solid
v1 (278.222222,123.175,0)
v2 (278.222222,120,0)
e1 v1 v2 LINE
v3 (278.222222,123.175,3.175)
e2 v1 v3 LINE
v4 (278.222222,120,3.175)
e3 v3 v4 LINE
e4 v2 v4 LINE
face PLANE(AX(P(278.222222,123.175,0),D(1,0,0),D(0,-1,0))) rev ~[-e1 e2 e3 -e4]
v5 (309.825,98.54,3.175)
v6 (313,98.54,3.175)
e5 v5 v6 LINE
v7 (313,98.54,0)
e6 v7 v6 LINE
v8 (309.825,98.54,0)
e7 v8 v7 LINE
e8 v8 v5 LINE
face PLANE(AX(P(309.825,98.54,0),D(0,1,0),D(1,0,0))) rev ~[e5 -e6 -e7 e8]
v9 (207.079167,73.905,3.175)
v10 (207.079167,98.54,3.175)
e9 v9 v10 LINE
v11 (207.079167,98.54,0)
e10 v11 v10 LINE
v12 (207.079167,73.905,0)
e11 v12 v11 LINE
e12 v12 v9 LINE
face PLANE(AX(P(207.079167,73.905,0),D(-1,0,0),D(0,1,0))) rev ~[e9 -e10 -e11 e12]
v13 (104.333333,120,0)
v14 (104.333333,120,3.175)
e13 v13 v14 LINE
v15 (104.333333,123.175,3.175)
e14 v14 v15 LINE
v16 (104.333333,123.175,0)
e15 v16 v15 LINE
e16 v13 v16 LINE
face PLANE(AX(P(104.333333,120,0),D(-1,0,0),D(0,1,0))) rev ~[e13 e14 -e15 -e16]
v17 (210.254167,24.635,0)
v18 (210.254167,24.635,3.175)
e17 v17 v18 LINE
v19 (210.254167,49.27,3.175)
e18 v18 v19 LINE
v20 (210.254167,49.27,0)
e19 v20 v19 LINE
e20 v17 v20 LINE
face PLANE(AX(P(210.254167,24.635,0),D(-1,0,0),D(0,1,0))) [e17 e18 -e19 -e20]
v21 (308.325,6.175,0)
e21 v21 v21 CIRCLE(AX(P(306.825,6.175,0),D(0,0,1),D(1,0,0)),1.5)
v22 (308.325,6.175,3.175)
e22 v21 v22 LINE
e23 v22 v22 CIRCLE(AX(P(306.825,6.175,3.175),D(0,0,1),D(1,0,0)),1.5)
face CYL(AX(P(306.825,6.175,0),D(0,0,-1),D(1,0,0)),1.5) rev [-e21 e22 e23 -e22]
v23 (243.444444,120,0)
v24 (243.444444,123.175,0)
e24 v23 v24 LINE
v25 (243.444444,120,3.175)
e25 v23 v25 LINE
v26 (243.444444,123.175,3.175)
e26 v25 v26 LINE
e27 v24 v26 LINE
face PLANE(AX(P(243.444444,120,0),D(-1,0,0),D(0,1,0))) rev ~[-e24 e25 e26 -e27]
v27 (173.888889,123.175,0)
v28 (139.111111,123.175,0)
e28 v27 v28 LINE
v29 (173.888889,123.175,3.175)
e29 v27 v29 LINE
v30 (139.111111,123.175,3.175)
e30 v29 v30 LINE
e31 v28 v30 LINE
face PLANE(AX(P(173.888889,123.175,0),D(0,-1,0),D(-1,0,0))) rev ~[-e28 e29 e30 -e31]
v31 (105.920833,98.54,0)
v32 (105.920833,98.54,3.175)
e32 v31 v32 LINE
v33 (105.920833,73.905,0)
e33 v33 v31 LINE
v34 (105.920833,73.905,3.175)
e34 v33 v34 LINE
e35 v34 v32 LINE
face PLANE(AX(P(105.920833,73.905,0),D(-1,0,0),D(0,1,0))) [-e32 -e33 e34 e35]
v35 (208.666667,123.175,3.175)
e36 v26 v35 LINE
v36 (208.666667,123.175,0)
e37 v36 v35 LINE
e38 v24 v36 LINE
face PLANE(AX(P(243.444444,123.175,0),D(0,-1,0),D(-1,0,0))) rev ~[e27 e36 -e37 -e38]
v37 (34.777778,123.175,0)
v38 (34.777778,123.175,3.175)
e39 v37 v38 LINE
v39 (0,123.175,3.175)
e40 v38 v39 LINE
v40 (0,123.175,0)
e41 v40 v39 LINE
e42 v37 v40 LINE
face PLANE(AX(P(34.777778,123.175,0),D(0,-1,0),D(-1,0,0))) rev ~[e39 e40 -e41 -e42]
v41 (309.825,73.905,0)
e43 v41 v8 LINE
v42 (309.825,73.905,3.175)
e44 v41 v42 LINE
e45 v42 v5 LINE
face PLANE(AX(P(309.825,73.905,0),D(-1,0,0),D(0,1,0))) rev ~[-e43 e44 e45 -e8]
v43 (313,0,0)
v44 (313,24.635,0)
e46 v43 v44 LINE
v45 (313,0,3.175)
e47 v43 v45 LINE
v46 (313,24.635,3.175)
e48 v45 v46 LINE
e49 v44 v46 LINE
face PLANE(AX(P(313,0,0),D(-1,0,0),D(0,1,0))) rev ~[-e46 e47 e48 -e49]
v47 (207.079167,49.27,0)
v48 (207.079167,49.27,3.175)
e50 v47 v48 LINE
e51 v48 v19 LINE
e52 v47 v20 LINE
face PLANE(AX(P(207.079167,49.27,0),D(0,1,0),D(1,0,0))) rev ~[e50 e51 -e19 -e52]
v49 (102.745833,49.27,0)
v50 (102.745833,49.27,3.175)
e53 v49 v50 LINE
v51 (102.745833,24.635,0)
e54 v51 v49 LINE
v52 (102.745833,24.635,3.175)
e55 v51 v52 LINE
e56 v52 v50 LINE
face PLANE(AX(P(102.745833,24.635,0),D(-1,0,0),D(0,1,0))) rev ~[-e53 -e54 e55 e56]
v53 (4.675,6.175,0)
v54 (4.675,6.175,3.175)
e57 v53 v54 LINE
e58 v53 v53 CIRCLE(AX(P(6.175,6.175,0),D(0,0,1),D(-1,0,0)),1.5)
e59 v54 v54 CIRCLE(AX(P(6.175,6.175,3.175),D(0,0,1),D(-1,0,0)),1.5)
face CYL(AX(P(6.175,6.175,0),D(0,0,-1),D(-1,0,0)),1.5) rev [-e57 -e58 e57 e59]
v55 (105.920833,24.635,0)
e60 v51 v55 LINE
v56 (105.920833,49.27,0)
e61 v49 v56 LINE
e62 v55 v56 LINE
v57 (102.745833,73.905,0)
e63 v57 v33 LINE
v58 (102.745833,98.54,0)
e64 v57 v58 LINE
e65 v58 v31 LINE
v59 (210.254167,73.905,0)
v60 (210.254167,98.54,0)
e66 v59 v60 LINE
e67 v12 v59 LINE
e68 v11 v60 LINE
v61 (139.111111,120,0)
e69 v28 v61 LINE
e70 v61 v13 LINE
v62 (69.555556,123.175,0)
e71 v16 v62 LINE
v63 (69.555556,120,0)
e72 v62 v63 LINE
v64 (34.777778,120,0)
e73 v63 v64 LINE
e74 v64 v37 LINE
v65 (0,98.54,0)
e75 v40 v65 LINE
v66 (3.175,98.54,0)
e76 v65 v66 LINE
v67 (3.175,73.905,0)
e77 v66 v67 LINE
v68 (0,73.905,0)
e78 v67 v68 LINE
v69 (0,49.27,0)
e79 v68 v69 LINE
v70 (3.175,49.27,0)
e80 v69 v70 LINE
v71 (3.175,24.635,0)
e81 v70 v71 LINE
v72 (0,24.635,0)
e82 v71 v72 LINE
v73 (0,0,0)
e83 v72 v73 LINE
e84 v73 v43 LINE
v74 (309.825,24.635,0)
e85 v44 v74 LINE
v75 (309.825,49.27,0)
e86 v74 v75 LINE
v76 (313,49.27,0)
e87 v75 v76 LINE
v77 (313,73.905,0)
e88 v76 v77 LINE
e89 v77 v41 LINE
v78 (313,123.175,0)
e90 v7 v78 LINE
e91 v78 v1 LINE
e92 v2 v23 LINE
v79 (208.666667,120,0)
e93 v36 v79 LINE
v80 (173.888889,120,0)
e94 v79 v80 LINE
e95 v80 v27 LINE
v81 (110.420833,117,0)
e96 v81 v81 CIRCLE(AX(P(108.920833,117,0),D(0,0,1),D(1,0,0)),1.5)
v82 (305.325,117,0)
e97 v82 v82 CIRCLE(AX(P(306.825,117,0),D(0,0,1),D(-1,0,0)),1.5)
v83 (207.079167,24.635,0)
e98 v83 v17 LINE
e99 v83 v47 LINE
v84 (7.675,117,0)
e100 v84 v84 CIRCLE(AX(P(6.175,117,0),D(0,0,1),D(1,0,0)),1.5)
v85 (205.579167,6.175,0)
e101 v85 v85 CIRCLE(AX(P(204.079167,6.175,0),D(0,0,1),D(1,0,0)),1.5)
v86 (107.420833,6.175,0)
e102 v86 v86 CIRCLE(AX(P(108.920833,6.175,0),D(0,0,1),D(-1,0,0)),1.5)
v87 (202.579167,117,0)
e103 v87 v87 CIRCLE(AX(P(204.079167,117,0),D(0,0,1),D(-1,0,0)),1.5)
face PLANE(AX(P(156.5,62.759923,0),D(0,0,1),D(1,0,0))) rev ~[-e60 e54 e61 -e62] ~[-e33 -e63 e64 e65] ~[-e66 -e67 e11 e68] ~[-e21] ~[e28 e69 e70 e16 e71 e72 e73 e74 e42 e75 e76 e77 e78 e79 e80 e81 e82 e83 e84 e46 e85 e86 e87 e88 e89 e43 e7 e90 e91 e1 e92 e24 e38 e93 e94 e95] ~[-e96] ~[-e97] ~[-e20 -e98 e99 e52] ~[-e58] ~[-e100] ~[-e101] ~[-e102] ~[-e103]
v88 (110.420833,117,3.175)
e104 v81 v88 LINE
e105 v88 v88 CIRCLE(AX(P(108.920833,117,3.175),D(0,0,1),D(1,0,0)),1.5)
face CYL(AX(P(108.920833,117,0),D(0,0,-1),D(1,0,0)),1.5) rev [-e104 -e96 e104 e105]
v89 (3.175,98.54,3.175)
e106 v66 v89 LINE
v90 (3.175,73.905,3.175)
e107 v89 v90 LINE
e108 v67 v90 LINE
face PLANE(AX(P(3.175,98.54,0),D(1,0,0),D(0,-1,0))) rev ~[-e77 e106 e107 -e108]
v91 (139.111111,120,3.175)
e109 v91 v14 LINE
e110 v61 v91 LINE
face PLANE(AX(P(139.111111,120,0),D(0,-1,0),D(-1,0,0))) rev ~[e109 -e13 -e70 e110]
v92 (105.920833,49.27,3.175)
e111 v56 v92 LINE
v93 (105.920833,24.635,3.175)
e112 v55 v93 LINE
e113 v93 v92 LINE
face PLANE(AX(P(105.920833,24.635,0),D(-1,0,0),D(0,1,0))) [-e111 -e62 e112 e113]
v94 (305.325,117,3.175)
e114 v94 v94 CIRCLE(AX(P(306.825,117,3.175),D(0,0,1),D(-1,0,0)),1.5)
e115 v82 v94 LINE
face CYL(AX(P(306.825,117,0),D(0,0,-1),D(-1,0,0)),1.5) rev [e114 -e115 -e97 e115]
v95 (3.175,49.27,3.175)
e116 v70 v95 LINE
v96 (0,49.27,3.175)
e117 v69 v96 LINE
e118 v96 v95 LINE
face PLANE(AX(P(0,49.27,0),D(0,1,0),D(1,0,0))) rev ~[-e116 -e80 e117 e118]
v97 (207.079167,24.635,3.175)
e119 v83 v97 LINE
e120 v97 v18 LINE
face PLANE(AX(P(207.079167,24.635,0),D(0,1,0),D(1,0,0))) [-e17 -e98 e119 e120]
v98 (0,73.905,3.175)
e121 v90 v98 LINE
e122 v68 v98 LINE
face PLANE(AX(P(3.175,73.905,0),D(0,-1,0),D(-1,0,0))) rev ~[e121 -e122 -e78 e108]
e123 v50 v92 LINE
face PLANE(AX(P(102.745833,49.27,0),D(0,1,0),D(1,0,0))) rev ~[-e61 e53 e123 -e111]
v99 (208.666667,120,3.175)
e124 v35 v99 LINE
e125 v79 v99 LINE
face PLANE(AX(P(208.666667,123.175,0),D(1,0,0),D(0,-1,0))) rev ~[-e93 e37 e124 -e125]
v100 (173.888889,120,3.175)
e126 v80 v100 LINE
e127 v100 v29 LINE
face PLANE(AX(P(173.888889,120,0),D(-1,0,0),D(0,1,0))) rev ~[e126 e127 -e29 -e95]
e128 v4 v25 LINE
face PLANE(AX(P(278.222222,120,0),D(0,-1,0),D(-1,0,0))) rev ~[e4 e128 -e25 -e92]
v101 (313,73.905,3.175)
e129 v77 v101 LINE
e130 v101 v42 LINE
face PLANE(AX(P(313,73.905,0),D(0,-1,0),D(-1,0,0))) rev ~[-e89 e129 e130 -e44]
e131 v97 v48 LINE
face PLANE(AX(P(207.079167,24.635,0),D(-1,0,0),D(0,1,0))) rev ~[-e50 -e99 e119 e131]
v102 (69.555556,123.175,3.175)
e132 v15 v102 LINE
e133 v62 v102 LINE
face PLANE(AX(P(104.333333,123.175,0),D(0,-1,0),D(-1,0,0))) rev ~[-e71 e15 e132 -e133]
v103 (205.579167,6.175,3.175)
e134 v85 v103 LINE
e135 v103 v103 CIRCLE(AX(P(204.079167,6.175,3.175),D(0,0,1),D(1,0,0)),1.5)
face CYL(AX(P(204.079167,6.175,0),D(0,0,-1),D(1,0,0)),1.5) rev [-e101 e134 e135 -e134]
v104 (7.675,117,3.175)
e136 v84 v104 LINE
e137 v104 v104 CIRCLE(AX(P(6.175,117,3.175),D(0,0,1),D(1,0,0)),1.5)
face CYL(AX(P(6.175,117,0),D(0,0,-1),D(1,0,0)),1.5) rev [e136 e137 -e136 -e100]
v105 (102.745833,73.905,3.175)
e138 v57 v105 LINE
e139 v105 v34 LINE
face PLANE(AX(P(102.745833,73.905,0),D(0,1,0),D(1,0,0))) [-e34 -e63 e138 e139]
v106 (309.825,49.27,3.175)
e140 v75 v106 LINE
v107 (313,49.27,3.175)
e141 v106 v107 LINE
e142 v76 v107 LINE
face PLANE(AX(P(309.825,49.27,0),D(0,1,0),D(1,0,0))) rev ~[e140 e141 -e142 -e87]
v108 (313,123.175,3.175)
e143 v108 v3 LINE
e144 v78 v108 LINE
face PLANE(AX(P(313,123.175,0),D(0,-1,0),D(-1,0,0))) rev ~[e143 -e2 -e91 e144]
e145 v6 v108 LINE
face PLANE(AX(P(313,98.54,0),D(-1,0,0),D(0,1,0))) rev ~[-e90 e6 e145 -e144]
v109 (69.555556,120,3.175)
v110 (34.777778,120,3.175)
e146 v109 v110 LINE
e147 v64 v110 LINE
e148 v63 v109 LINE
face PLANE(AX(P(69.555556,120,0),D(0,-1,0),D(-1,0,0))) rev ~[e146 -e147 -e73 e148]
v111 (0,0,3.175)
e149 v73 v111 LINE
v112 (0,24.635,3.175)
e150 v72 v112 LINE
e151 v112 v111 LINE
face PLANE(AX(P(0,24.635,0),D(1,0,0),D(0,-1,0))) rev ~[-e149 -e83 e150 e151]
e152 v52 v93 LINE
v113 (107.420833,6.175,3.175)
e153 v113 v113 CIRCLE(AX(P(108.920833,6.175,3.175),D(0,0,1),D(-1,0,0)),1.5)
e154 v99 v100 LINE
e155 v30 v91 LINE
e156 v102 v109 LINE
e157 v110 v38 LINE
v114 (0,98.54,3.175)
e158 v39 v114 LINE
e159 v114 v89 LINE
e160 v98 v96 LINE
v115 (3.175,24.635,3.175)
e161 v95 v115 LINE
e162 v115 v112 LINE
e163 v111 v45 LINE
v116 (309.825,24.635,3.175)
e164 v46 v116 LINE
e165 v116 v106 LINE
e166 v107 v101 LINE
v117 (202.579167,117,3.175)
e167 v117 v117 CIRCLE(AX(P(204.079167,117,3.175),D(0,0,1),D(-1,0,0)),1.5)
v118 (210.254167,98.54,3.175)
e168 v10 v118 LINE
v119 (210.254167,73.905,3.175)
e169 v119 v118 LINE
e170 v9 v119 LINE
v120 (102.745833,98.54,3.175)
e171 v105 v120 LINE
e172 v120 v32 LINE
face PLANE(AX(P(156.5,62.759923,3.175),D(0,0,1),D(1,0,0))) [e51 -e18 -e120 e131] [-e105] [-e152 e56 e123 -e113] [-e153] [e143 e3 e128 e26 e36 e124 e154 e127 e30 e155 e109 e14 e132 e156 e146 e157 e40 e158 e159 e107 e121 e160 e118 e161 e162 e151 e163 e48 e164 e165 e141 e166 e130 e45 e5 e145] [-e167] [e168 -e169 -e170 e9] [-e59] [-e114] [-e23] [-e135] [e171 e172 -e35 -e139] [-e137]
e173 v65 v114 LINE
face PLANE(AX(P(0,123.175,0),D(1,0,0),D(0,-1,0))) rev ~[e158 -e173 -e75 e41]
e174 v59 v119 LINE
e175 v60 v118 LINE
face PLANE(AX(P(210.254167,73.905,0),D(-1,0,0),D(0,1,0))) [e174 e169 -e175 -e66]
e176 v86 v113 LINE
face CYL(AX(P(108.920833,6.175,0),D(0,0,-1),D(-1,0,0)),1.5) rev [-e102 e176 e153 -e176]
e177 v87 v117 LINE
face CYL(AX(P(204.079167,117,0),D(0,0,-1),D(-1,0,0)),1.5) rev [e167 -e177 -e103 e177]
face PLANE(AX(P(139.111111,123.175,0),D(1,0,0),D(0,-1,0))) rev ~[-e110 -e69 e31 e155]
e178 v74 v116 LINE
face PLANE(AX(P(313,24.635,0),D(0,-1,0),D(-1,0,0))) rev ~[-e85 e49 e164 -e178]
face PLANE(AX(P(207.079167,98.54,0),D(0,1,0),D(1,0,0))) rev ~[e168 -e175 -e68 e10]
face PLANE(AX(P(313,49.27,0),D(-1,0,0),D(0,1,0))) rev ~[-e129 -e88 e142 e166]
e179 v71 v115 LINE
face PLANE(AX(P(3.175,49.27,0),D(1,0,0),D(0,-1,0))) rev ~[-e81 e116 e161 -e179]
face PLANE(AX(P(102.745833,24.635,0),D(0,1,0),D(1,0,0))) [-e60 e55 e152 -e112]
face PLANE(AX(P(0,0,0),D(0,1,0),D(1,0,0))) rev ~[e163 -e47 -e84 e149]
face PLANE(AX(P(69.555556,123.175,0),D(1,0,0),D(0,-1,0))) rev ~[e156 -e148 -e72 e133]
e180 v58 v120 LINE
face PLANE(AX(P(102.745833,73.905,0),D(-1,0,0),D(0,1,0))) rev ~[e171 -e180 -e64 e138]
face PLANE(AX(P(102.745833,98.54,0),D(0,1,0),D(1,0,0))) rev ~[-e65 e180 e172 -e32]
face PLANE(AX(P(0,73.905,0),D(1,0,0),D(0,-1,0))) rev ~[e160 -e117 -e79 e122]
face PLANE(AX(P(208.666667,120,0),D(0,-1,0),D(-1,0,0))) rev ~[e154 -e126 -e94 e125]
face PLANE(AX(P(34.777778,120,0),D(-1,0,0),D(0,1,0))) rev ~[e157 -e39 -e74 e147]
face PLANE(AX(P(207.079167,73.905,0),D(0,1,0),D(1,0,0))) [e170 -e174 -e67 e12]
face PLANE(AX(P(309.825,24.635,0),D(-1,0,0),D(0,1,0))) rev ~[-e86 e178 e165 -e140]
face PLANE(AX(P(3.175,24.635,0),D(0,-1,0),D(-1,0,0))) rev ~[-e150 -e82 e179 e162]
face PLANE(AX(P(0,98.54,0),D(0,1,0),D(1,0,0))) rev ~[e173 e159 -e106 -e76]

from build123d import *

# Parameters (mm, degrees)
SKETCH1_R           = 1.5
SKETCH1_W           = 3.175
SKETCH1_H           = 24.635
BOSS_EXTRUDE1_DEPTH = 3.175


with BuildPart() as part:
    # Sketch1 → Boss-Extrude1 (new body)
    with BuildSketch(Plane.XY):
        Polygon((0, 0), (313, 0), (313, 24.635), (309.825, 24.635), (309.825, 49.27), (313, 49.27), (313, 73.905), (309.825, 73.905), (309.825, 98.54), (313, 98.54), (313, 123.175), (278.222222222, 123.175), (278.222222222, 120), (243.444444444, 120), (243.444444444, 123.175), (208.666666667, 123.175), (208.666666667, 120), (173.888888889, 120), (173.888888889, 123.175), (139.111111111, 123.175), (139.111111111, 120), (104.333333333, 120), (104.333333333, 123.175), (69.555555556, 123.175), (69.555555556, 120), (34.777777778, 120), (34.777777778, 123.175), (0, 123.175), (0, 98.54), (3.175, 98.54), (3.175, 73.905), (0, 73.905), (0, 49.27), (3.175, 49.27), (3.175, 24.635), (0, 24.635), align=None)
        with Locations((6.175, 117)):
            Circle(SKETCH1_R, mode=Mode.SUBTRACT)
        with Locations((108.920833333, 117)):
            Circle(SKETCH1_R, mode=Mode.SUBTRACT)
        with Locations(Location((108.920833333, 6.175, 0), (0, 0, 180))):
            Circle(SKETCH1_R, mode=Mode.SUBTRACT)
        with Locations(Location((6.175, 6.175, 0), (0, 0, 180))):
            Circle(SKETCH1_R, mode=Mode.SUBTRACT)
        with Locations((306.825, 6.175)):
            Circle(SKETCH1_R, mode=Mode.SUBTRACT)
        with Locations((204.079166667, 6.175)):
            Circle(SKETCH1_R, mode=Mode.SUBTRACT)
        with Locations(Location((204.079166667, 117, 0), (0, 0, 180))):
            Circle(SKETCH1_R, mode=Mode.SUBTRACT)
        with Locations(Location((306.825, 117, 0), (0, 0, 180))):
            Circle(SKETCH1_R, mode=Mode.SUBTRACT)
        with Locations((104.333333333, 86.2225)):
            Rectangle(SKETCH1_W, SKETCH1_H, mode=Mode.SUBTRACT)
        with Locations((104.333333333, 36.9525)):
            Rectangle(SKETCH1_W, SKETCH1_H, mode=Mode.SUBTRACT)
        with Locations((208.666666667, 86.2225)):
            Rectangle(SKETCH1_W, SKETCH1_H, mode=Mode.SUBTRACT)
        with Locations((208.666666667, 36.9525)):
            Rectangle(SKETCH1_W, SKETCH1_H, mode=Mode.SUBTRACT)
    extrude(amount=BOSS_EXTRUDE1_DEPTH)


solid = part.part
